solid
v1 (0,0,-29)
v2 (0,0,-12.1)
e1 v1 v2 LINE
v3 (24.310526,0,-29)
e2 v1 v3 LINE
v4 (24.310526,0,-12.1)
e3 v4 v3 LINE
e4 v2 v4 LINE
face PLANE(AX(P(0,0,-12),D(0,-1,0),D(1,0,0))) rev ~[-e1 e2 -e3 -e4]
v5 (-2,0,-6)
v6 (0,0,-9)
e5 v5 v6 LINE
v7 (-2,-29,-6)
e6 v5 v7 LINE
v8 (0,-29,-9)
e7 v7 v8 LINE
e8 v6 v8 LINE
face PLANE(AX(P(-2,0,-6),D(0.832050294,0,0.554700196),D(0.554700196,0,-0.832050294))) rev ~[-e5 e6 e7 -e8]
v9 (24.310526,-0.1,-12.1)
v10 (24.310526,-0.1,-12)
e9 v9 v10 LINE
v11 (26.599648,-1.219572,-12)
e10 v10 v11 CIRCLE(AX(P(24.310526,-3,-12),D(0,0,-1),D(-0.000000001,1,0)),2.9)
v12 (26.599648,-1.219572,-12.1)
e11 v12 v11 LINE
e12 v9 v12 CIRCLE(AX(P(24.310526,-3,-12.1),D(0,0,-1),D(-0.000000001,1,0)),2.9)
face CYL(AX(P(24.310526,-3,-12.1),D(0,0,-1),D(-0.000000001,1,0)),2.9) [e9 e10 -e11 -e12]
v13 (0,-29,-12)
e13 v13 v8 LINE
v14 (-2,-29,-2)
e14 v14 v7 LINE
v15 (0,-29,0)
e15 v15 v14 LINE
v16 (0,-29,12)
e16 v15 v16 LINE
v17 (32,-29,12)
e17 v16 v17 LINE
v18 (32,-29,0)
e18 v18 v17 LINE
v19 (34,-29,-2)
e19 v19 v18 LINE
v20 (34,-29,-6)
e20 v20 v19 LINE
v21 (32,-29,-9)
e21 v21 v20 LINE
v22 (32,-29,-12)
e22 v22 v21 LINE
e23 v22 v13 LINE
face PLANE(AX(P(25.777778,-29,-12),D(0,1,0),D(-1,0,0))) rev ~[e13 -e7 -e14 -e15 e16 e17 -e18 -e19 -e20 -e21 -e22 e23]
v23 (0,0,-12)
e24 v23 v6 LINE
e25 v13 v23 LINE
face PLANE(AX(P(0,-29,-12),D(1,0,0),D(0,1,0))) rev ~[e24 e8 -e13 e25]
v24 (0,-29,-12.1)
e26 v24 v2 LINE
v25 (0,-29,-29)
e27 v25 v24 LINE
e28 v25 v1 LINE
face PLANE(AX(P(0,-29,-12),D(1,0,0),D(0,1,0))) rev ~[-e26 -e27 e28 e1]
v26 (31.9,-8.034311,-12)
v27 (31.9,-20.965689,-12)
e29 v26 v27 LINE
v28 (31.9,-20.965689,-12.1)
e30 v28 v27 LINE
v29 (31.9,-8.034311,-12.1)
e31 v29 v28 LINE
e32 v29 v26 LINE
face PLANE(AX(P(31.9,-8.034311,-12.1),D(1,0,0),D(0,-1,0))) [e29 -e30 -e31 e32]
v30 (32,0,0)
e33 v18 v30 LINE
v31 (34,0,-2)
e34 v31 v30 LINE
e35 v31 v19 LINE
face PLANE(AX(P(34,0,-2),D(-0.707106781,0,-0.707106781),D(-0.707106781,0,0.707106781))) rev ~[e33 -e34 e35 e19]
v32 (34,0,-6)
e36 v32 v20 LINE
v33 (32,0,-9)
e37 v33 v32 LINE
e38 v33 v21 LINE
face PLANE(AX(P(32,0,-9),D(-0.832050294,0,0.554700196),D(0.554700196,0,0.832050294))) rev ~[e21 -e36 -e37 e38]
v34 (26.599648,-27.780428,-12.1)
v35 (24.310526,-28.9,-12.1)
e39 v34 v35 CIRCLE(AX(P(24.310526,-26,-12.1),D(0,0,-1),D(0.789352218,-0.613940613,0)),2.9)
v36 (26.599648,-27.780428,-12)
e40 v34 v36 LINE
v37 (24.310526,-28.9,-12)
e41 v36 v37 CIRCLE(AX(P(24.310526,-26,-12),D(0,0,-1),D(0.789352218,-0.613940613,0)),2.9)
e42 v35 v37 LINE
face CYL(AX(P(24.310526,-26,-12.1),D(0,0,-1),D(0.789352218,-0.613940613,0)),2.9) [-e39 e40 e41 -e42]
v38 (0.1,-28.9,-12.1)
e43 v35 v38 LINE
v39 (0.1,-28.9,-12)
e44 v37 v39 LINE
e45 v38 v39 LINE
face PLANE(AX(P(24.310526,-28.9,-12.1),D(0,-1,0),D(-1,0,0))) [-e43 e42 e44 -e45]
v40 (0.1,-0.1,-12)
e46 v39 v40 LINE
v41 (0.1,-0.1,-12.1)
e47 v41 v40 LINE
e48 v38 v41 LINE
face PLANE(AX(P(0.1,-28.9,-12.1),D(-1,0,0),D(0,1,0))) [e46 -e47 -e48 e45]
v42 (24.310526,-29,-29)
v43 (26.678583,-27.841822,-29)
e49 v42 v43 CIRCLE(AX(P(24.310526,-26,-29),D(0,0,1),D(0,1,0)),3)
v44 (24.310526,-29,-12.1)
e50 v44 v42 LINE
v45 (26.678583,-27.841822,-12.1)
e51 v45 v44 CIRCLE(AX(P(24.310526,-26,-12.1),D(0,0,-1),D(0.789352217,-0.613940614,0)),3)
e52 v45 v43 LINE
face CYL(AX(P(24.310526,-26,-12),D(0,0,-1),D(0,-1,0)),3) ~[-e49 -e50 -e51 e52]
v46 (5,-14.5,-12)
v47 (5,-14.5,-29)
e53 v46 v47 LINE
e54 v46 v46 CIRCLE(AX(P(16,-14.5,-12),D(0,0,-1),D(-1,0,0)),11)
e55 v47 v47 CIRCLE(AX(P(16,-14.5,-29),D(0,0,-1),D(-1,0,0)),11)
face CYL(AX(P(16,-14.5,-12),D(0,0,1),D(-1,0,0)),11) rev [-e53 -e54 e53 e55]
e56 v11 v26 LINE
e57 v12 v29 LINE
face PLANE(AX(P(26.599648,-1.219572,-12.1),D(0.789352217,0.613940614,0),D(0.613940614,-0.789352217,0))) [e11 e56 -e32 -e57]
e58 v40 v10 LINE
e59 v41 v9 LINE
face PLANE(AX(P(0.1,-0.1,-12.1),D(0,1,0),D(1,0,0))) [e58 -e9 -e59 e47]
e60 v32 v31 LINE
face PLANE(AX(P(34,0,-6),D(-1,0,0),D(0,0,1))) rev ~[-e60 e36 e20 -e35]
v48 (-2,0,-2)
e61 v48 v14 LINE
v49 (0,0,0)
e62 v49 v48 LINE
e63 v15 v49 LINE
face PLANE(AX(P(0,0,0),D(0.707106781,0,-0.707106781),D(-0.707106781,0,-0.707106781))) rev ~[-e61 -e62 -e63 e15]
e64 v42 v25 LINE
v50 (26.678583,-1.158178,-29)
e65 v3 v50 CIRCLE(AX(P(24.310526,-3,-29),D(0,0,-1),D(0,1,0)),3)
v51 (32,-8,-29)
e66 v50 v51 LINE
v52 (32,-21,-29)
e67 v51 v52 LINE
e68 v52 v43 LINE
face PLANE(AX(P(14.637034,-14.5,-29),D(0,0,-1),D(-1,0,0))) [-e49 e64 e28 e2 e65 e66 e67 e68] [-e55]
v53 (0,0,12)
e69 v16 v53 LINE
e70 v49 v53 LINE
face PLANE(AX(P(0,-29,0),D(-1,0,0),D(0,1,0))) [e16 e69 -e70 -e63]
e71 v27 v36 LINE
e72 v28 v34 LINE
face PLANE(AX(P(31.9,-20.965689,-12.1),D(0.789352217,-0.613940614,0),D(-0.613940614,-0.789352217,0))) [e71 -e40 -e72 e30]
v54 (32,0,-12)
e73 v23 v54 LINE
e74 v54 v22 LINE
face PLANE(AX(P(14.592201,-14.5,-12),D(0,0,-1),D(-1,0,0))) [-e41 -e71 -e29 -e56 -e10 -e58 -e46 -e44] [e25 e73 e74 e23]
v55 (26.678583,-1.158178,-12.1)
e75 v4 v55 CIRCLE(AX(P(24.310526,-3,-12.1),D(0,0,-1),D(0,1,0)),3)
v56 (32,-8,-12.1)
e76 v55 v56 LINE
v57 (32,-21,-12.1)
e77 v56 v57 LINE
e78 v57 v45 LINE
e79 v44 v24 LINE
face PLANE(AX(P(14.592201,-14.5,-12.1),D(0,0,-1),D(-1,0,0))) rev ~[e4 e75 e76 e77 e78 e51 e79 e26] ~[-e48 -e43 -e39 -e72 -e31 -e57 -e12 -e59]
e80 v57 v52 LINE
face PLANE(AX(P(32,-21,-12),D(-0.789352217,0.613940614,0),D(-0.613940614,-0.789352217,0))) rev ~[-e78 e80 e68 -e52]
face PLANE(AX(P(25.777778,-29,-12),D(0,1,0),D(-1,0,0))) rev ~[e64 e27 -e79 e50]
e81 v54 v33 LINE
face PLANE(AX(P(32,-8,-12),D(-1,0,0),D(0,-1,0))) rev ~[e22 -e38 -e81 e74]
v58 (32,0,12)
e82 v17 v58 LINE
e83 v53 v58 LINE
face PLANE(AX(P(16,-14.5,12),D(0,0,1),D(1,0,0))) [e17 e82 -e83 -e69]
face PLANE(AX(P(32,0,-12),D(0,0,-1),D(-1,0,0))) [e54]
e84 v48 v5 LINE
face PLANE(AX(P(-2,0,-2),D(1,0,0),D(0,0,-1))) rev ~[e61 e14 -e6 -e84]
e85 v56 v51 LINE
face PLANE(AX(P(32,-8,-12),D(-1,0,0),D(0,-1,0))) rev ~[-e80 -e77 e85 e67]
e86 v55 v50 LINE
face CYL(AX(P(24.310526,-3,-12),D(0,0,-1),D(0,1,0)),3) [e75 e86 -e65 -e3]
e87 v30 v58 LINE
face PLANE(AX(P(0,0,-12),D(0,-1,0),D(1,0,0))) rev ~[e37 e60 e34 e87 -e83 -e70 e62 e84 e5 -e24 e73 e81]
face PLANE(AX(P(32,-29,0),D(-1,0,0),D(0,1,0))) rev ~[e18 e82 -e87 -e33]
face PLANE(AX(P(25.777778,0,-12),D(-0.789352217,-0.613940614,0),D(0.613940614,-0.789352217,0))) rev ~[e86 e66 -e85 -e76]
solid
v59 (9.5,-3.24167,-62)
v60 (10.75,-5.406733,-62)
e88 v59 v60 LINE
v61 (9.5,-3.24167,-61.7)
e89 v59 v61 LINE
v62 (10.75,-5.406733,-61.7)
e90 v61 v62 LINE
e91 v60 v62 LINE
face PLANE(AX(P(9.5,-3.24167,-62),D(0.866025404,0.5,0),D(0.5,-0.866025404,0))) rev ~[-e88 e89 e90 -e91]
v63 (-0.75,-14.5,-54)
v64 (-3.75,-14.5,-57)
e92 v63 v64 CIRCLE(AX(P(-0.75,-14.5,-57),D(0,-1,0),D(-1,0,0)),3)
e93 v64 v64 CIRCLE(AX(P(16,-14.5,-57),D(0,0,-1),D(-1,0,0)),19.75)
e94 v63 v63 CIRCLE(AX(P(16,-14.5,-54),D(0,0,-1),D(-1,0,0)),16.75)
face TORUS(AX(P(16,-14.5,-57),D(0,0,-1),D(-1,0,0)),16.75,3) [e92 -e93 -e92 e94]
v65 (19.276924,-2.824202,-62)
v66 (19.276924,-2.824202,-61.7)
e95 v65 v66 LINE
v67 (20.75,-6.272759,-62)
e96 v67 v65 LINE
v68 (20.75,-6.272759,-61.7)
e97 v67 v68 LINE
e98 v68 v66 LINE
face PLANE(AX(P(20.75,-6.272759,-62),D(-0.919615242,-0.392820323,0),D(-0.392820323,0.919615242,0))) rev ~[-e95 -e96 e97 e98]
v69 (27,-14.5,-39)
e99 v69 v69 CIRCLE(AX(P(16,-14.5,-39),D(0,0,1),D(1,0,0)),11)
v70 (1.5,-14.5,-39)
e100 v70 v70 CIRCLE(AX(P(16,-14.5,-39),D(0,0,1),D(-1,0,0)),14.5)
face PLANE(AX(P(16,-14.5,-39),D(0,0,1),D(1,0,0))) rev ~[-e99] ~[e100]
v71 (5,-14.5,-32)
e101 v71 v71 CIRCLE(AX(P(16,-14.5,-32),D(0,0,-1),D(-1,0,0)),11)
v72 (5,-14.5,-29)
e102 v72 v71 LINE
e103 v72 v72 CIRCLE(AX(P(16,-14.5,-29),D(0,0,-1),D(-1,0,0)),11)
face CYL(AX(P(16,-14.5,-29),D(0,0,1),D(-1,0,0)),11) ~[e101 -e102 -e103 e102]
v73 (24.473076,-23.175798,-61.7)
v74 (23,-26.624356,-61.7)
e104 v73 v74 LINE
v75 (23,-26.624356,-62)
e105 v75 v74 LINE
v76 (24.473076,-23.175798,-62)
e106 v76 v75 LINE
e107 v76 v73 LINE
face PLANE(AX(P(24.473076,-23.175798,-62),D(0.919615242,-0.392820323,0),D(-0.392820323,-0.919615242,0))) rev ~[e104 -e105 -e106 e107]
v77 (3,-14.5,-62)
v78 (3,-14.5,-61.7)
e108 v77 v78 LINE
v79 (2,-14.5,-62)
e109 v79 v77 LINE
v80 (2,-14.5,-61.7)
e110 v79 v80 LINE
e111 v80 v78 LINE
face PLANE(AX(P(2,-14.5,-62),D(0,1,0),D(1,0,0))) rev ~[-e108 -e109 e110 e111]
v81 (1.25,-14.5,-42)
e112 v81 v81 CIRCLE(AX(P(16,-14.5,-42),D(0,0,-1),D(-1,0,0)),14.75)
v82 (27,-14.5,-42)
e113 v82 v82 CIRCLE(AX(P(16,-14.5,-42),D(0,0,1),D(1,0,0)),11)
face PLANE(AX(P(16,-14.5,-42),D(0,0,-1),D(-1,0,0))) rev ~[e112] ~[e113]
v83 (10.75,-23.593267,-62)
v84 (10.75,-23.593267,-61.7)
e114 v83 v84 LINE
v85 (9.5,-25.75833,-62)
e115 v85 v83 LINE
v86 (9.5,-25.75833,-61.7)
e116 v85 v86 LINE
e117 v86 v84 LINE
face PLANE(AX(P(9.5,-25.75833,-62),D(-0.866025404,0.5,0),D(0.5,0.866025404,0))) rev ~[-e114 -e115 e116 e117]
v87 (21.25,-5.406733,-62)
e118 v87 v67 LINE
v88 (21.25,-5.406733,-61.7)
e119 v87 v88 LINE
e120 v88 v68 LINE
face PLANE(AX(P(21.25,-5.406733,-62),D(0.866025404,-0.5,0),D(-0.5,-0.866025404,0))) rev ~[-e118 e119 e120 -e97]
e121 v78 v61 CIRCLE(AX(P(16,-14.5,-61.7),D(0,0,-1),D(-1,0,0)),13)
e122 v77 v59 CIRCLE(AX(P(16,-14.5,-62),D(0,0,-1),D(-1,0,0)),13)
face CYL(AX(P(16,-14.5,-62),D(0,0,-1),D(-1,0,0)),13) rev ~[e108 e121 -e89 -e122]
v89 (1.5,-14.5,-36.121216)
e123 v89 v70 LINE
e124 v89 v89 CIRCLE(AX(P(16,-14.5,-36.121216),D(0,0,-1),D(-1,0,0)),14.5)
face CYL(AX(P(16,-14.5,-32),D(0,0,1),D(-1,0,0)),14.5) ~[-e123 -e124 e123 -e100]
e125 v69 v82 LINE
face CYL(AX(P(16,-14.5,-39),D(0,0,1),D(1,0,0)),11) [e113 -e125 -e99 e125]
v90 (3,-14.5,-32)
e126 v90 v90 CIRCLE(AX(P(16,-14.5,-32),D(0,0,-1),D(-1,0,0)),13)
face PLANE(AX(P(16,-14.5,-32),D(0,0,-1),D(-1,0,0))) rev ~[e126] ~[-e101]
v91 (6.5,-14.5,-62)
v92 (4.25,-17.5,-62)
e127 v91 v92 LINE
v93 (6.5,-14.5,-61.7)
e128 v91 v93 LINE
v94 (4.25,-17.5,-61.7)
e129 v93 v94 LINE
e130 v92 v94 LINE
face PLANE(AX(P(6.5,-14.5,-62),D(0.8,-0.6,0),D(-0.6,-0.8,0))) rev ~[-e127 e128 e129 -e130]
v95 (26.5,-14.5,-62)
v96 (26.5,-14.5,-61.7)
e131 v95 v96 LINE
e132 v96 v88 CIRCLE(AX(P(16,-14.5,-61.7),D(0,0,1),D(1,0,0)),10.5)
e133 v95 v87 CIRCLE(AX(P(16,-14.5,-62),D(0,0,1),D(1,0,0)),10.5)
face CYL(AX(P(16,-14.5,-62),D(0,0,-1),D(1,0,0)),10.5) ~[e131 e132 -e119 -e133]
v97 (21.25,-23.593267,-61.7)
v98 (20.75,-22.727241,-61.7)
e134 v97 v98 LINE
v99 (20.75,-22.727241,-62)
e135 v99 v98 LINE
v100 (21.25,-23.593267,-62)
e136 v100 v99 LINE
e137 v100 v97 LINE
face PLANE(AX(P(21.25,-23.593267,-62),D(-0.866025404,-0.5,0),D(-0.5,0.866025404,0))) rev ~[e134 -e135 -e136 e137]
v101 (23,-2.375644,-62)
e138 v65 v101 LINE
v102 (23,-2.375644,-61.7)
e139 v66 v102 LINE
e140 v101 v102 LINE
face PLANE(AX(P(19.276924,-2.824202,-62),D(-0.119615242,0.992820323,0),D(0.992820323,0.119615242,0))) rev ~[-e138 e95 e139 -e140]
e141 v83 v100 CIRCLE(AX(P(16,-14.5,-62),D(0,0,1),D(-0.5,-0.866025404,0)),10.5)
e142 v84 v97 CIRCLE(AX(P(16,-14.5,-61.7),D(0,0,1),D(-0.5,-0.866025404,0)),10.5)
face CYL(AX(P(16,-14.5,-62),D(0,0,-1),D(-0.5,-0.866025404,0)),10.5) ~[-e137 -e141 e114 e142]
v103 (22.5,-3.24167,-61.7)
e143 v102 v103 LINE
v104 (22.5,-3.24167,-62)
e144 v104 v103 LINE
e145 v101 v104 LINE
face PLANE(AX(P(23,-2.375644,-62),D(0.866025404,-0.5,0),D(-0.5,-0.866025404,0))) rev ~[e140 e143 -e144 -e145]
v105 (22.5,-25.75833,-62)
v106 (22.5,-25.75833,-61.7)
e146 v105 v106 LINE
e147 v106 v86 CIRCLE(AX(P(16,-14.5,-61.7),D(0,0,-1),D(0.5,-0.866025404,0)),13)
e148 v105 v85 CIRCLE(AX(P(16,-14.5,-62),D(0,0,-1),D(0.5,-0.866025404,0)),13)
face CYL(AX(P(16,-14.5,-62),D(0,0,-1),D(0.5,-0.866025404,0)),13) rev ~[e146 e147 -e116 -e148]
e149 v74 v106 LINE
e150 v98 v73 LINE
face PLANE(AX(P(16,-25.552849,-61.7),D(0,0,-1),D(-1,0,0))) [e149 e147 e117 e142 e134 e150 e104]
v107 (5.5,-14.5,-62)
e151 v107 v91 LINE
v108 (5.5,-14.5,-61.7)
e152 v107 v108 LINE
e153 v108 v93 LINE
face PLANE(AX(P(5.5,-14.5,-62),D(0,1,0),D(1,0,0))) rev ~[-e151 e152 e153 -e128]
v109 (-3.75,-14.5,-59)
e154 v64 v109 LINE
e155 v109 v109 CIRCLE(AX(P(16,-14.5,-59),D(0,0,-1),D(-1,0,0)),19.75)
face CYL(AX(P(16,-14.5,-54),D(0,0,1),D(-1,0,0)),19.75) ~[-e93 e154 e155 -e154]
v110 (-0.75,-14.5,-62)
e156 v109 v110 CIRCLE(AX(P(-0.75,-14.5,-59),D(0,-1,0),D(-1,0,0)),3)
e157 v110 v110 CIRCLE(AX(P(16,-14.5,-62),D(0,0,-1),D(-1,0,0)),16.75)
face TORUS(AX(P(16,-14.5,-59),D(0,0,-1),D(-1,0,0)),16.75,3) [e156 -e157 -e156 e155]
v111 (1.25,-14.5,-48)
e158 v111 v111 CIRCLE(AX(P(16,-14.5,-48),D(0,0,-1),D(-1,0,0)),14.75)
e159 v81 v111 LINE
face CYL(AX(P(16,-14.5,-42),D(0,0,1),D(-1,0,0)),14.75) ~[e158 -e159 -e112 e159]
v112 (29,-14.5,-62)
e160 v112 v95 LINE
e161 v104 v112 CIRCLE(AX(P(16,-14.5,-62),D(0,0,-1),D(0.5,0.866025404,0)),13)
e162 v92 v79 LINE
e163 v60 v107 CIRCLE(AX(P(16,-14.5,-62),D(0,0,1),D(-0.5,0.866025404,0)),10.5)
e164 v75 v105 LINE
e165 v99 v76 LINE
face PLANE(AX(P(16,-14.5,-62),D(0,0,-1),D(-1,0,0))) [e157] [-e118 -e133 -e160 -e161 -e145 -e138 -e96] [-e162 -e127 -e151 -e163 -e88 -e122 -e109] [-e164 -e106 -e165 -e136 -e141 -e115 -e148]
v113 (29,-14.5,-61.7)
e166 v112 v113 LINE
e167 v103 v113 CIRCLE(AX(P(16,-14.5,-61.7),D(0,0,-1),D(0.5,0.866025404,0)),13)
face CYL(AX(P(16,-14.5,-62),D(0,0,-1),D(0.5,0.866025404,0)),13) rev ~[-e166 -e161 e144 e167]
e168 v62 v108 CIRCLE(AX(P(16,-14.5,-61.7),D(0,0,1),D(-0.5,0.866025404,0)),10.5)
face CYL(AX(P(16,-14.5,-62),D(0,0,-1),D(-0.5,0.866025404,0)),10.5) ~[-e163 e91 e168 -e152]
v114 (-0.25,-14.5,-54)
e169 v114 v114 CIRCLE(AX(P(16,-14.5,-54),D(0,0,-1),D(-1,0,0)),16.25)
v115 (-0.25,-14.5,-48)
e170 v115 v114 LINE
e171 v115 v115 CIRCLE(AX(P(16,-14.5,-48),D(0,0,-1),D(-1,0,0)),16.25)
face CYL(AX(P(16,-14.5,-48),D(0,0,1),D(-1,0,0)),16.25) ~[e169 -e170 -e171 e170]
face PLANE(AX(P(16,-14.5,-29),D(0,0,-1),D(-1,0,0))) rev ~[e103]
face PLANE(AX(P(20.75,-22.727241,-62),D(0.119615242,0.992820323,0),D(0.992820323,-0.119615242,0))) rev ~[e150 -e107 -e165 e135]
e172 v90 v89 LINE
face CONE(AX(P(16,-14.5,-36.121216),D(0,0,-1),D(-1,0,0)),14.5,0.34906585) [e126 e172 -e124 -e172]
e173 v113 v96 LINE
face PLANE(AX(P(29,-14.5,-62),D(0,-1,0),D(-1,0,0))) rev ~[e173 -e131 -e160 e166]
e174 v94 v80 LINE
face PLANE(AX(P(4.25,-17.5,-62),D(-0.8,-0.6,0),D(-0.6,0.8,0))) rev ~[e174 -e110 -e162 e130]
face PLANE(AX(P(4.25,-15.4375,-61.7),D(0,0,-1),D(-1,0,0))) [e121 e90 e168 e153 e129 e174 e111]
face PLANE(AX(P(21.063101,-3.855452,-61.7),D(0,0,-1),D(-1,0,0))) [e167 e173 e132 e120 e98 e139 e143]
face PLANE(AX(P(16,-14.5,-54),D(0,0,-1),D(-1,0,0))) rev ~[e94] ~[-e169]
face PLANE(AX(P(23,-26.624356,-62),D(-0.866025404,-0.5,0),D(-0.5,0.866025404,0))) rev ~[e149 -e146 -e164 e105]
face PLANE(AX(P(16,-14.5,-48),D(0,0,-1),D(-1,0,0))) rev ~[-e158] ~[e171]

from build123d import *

# Parameters (mm, degrees)
SKETCH_1_W          = 32
SKETCH_1_H          = 29
EXTRUDE_1_DEPTH     = 12
EXTRUDE_2_DEPTH     = 29
SKETCH_3_R          = 11
EXTRUDE_3_DEPTH     = 17
SKETCH_4_R          = 11
EXTRUDE_4_DEPTH     = 3
SKETCH_5_R          = 14.5
EXTRUDE_6_DEPTH     = 10
SKETCH_6_R          = 14.75
EXTRUDE_7_DEPTH     = 6
SKETCH_7_R          = 16.25
EXTRUDE_8_DEPTH     = 6
SKETCH_8_R          = 19.75
EXTRUDE_9_DEPTH     = 8
CUT_EXTRUDE_START   = 3
SKETCH_9_R          = 22.553802592
SKETCH_9_R_2        = 11
CUT_EXTRUDE_1_DEPTH = 3
CHAMFER_1_SIZE      = 1.5
CHAMFER_1_SIZE2     = 4.121216129
FILLET_1_R          = 3
FILLET_2_R          = 3
CUT_EXTRUDE_START_2 = 0.1
CUT_EXTRUDE_2_DEPTH = 0.1
CUT_EXTRUDE_3_DEPTH = 0.3


with BuildPart() as part:
    # 草图1 → 凸台-拉伸1 (new body)
    with BuildSketch(Plane.XY):
        with Locations((16, -14.5)):
            Rectangle(SKETCH_1_W, SKETCH_1_H)
    extrude(amount=EXTRUDE_1_DEPTH)

    # 草图2 → 凸台-拉伸2 (add)
    with BuildSketch(Plane(origin=(0, 0, 0), x_dir=(1, 0, 0), z_dir=(0, 1, 0))):
        Polygon((0, 0), (-2, 2), (-2, 6), (0, 9), (0, 12), (29.3, 12), (32, 12), (32, 9), (34, 6), (34, 2), (32, 0), align=None)
    extrude(amount=-EXTRUDE_2_DEPTH)

    # 草图3 → 凸台-拉伸3 (add)
    with BuildSketch(Plane(origin=(0, 0, -12), x_dir=(-1, 0, 0), z_dir=(0, 0, -1))):
        Polygon((0, 0), (-25.777777778, 0), (-32, -8), (-32, -21), (-25.777777778, -29), (0, -29), align=None)
        with Locations((-16, -14.5)):
            Circle(SKETCH_3_R, mode=Mode.SUBTRACT)
    extrude(amount=EXTRUDE_3_DEPTH)

    # 圆角2
    fillet_2_edges = [part.edges().sort_by_distance(p)[0] for p in [
        (25.777777778, 0, -20.5),
        (25.777777778, -29, -20.5),
    ]]
    fillet(fillet_2_edges, radius=FILLET_2_R)

    # 草图10 → 切除-拉伸2 (cut)
    with BuildSketch(Plane(origin=(0, 0, -12), x_dir=(-1, 0, 0), z_dir=(0, 0, -1)).offset(CUT_EXTRUDE_START_2)):
        with BuildLine():
            Line((-32, -8), (-32, -21))
            Line((-32, -21), (-26.678583013, -27.841821841))
            ThreePointArc((-26.678583013, -27.841821841), (-25.628580699, -28.694945781), (-24.310526361, -29))
            Line((-24.310526361, -29), (0, -29))
            Line((0, -29), (0, 0))
            Line((0, 0), (-24.310526361, 0))
            ThreePointArc((-24.310526361, 0), (-25.628580699, -0.305054219), (-26.678583013, -1.158178159))
            Line((-26.678583013, -1.158178159), (-32, -8))
        make_face()
        with BuildLine():
            Line((-31.9, -8.034310775), (-31.9, -20.965689225))
            Line((-31.9, -20.965689225), (-26.599647791, -27.780427779))
            ThreePointArc((-26.599647791, -27.780427779), (-25.584645555, -28.605114255), (-24.310526361, -28.9))
            Line((-24.310526361, -28.9), (-0.1, -28.9))
            Line((-0.1, -28.9), (-0.1, -0.1))
            Line((-0.1, -0.1), (-24.310526361, -0.1))
            ThreePointArc((-24.310526361, -0.1), (-25.584645555, -0.394885745), (-26.599647791, -1.219572221))
            Line((-26.599647791, -1.219572221), (-31.9, -8.034310775))
        make_face(mode=Mode.SUBTRACT)
    extrude(amount=-CUT_EXTRUDE_2_DEPTH, mode=Mode.SUBTRACT)


with BuildPart() as body_2:
    # 草图4 → 凸台-拉伸4 (new body)
    with BuildSketch(Plane(origin=(0, 0, -29), x_dir=(-1, 0, 0), z_dir=(0, 0, -1))):
        with Locations((-16, -14.5)):
            Circle(SKETCH_4_R)
    extrude(amount=EXTRUDE_4_DEPTH)

    # 草图5 → 凸台-拉伸6 (add)
    with BuildSketch(Plane(origin=(0, 0, -32), x_dir=(-1, 0, 0), z_dir=(0, 0, -1))):
        with Locations((-16, -14.5)):
            Circle(SKETCH_5_R)
    extrude(amount=EXTRUDE_6_DEPTH)

    # 草图6 → 凸台-拉伸7 (add)
    with BuildSketch(Plane(origin=(0, 0, -42), x_dir=(-1, 0, 0), z_dir=(0, 0, -1))):
        with Locations((-16, -14.5)):
            Circle(SKETCH_6_R)
    extrude(amount=EXTRUDE_7_DEPTH)

    # 草图7 → 凸台-拉伸8 (add)
    with BuildSketch(Plane(origin=(0, 0, -48), x_dir=(-1, 0, 0), z_dir=(0, 0, -1))):
        with Locations((-16, -14.5)):
            Circle(SKETCH_7_R)
    extrude(amount=EXTRUDE_8_DEPTH)

    # 草图8 → 凸台-拉伸9 (add)
    with BuildSketch(Plane(origin=(0, 0, -54), x_dir=(-1, 0, 0), z_dir=(0, 0, -1))):
        with Locations((-16, -14.5)):
            Circle(SKETCH_8_R)
    extrude(amount=EXTRUDE_9_DEPTH)

    # 草图9 → 切除-拉伸1 (cut)
    with BuildSketch(Plane.XY.offset(-42).offset(CUT_EXTRUDE_START)):
        with Locations((16, -14.5)):
            Circle(SKETCH_9_R)
        with Locations((16, -14.5)):
            Circle(SKETCH_9_R_2, mode=Mode.SUBTRACT)
    extrude(amount=-CUT_EXTRUDE_1_DEPTH, mode=Mode.SUBTRACT)

    # 倒角1
    chamfer_1_edges = [body_2.edges().sort_by_distance(p)[0] for p in [
        (30.5, -14.5, -32),
    ]]
    chamfer_1_side = [body_2.faces().sort_by_distance(p)[0] for p in [
        (30.089878067, -14.5, -32),
    ]]
    chamfer(chamfer_1_edges, length=CHAMFER_1_SIZE, length2=CHAMFER_1_SIZE2, reference=chamfer_1_side[0])

    # 圆角1
    fillet_1_edges = [body_2.edges().sort_by_distance(p)[0] for p in [
        (35.75, -14.5, -54),
        (35.75, -14.5, -62),
    ]]
    fillet(fillet_1_edges, radius=FILLET_1_R)

    # 草图11 → 切除-拉伸3 (cut)
    with BuildSketch(Plane(origin=(0, 0, -62), x_dir=(-1, 0, 0), z_dir=(0, 0, -1))):
        Polygon((-5.5, -14.5), (-6.5, -14.5), (-4.25, -17.5), (-2, -14.5), (-3, -14.5), align=None)
        with BuildLine():
            Line((-5.5, -14.5), (-3, -14.5))
            ThreePointArc((-3, -14.5), (-4.741669751, -8), (-9.5, -3.241669751))
            Line((-9.5, -3.241669751), (-10.75, -5.40673326))
            ThreePointArc((-10.75, -5.40673326), (-6.90673326, -9.25), (-5.5, -14.5))
        make_face()
        with BuildLine():
            Line((-21.25, -23.59326674), (-22.5, -25.758330249))
            ThreePointArc((-22.5, -25.758330249), (-16, -27.5), (-9.5, -25.758330249))
            Line((-9.5, -25.758330249), (-10.75, -23.59326674))
            ThreePointArc((-10.75, -23.59326674), (-16, -25), (-21.25, -23.59326674))
        make_face()
        Polygon((-21.25, -23.59326674), (-20.75, -22.727241336), (-24.473076211, -23.175798494), (-23, -26.624355653), (-22.5, -25.758330249), align=None)
        Polygon((-21.25, -5.40673326), (-20.75, -6.272758664), (-19.276923789, -2.824201506), (-23, -2.375644347), (-22.5, -3.241669751), align=None)
        with BuildLine():
            Line((-21.25, -5.40673326), (-22.5, -3.241669751))
            ThreePointArc((-22.5, -3.241669751), (-27.258330249, -8), (-29, -14.5))
            Line((-29, -14.5), (-26.5, -14.5))
            ThreePointArc((-26.5, -14.5), (-25.09326674, -9.25), (-21.25, -5.40673326))
        make_face()
    extrude(amount=-CUT_EXTRUDE_3_DEPTH, mode=Mode.SUBTRACT)


solid = Compound([part.part, body_2.part])
